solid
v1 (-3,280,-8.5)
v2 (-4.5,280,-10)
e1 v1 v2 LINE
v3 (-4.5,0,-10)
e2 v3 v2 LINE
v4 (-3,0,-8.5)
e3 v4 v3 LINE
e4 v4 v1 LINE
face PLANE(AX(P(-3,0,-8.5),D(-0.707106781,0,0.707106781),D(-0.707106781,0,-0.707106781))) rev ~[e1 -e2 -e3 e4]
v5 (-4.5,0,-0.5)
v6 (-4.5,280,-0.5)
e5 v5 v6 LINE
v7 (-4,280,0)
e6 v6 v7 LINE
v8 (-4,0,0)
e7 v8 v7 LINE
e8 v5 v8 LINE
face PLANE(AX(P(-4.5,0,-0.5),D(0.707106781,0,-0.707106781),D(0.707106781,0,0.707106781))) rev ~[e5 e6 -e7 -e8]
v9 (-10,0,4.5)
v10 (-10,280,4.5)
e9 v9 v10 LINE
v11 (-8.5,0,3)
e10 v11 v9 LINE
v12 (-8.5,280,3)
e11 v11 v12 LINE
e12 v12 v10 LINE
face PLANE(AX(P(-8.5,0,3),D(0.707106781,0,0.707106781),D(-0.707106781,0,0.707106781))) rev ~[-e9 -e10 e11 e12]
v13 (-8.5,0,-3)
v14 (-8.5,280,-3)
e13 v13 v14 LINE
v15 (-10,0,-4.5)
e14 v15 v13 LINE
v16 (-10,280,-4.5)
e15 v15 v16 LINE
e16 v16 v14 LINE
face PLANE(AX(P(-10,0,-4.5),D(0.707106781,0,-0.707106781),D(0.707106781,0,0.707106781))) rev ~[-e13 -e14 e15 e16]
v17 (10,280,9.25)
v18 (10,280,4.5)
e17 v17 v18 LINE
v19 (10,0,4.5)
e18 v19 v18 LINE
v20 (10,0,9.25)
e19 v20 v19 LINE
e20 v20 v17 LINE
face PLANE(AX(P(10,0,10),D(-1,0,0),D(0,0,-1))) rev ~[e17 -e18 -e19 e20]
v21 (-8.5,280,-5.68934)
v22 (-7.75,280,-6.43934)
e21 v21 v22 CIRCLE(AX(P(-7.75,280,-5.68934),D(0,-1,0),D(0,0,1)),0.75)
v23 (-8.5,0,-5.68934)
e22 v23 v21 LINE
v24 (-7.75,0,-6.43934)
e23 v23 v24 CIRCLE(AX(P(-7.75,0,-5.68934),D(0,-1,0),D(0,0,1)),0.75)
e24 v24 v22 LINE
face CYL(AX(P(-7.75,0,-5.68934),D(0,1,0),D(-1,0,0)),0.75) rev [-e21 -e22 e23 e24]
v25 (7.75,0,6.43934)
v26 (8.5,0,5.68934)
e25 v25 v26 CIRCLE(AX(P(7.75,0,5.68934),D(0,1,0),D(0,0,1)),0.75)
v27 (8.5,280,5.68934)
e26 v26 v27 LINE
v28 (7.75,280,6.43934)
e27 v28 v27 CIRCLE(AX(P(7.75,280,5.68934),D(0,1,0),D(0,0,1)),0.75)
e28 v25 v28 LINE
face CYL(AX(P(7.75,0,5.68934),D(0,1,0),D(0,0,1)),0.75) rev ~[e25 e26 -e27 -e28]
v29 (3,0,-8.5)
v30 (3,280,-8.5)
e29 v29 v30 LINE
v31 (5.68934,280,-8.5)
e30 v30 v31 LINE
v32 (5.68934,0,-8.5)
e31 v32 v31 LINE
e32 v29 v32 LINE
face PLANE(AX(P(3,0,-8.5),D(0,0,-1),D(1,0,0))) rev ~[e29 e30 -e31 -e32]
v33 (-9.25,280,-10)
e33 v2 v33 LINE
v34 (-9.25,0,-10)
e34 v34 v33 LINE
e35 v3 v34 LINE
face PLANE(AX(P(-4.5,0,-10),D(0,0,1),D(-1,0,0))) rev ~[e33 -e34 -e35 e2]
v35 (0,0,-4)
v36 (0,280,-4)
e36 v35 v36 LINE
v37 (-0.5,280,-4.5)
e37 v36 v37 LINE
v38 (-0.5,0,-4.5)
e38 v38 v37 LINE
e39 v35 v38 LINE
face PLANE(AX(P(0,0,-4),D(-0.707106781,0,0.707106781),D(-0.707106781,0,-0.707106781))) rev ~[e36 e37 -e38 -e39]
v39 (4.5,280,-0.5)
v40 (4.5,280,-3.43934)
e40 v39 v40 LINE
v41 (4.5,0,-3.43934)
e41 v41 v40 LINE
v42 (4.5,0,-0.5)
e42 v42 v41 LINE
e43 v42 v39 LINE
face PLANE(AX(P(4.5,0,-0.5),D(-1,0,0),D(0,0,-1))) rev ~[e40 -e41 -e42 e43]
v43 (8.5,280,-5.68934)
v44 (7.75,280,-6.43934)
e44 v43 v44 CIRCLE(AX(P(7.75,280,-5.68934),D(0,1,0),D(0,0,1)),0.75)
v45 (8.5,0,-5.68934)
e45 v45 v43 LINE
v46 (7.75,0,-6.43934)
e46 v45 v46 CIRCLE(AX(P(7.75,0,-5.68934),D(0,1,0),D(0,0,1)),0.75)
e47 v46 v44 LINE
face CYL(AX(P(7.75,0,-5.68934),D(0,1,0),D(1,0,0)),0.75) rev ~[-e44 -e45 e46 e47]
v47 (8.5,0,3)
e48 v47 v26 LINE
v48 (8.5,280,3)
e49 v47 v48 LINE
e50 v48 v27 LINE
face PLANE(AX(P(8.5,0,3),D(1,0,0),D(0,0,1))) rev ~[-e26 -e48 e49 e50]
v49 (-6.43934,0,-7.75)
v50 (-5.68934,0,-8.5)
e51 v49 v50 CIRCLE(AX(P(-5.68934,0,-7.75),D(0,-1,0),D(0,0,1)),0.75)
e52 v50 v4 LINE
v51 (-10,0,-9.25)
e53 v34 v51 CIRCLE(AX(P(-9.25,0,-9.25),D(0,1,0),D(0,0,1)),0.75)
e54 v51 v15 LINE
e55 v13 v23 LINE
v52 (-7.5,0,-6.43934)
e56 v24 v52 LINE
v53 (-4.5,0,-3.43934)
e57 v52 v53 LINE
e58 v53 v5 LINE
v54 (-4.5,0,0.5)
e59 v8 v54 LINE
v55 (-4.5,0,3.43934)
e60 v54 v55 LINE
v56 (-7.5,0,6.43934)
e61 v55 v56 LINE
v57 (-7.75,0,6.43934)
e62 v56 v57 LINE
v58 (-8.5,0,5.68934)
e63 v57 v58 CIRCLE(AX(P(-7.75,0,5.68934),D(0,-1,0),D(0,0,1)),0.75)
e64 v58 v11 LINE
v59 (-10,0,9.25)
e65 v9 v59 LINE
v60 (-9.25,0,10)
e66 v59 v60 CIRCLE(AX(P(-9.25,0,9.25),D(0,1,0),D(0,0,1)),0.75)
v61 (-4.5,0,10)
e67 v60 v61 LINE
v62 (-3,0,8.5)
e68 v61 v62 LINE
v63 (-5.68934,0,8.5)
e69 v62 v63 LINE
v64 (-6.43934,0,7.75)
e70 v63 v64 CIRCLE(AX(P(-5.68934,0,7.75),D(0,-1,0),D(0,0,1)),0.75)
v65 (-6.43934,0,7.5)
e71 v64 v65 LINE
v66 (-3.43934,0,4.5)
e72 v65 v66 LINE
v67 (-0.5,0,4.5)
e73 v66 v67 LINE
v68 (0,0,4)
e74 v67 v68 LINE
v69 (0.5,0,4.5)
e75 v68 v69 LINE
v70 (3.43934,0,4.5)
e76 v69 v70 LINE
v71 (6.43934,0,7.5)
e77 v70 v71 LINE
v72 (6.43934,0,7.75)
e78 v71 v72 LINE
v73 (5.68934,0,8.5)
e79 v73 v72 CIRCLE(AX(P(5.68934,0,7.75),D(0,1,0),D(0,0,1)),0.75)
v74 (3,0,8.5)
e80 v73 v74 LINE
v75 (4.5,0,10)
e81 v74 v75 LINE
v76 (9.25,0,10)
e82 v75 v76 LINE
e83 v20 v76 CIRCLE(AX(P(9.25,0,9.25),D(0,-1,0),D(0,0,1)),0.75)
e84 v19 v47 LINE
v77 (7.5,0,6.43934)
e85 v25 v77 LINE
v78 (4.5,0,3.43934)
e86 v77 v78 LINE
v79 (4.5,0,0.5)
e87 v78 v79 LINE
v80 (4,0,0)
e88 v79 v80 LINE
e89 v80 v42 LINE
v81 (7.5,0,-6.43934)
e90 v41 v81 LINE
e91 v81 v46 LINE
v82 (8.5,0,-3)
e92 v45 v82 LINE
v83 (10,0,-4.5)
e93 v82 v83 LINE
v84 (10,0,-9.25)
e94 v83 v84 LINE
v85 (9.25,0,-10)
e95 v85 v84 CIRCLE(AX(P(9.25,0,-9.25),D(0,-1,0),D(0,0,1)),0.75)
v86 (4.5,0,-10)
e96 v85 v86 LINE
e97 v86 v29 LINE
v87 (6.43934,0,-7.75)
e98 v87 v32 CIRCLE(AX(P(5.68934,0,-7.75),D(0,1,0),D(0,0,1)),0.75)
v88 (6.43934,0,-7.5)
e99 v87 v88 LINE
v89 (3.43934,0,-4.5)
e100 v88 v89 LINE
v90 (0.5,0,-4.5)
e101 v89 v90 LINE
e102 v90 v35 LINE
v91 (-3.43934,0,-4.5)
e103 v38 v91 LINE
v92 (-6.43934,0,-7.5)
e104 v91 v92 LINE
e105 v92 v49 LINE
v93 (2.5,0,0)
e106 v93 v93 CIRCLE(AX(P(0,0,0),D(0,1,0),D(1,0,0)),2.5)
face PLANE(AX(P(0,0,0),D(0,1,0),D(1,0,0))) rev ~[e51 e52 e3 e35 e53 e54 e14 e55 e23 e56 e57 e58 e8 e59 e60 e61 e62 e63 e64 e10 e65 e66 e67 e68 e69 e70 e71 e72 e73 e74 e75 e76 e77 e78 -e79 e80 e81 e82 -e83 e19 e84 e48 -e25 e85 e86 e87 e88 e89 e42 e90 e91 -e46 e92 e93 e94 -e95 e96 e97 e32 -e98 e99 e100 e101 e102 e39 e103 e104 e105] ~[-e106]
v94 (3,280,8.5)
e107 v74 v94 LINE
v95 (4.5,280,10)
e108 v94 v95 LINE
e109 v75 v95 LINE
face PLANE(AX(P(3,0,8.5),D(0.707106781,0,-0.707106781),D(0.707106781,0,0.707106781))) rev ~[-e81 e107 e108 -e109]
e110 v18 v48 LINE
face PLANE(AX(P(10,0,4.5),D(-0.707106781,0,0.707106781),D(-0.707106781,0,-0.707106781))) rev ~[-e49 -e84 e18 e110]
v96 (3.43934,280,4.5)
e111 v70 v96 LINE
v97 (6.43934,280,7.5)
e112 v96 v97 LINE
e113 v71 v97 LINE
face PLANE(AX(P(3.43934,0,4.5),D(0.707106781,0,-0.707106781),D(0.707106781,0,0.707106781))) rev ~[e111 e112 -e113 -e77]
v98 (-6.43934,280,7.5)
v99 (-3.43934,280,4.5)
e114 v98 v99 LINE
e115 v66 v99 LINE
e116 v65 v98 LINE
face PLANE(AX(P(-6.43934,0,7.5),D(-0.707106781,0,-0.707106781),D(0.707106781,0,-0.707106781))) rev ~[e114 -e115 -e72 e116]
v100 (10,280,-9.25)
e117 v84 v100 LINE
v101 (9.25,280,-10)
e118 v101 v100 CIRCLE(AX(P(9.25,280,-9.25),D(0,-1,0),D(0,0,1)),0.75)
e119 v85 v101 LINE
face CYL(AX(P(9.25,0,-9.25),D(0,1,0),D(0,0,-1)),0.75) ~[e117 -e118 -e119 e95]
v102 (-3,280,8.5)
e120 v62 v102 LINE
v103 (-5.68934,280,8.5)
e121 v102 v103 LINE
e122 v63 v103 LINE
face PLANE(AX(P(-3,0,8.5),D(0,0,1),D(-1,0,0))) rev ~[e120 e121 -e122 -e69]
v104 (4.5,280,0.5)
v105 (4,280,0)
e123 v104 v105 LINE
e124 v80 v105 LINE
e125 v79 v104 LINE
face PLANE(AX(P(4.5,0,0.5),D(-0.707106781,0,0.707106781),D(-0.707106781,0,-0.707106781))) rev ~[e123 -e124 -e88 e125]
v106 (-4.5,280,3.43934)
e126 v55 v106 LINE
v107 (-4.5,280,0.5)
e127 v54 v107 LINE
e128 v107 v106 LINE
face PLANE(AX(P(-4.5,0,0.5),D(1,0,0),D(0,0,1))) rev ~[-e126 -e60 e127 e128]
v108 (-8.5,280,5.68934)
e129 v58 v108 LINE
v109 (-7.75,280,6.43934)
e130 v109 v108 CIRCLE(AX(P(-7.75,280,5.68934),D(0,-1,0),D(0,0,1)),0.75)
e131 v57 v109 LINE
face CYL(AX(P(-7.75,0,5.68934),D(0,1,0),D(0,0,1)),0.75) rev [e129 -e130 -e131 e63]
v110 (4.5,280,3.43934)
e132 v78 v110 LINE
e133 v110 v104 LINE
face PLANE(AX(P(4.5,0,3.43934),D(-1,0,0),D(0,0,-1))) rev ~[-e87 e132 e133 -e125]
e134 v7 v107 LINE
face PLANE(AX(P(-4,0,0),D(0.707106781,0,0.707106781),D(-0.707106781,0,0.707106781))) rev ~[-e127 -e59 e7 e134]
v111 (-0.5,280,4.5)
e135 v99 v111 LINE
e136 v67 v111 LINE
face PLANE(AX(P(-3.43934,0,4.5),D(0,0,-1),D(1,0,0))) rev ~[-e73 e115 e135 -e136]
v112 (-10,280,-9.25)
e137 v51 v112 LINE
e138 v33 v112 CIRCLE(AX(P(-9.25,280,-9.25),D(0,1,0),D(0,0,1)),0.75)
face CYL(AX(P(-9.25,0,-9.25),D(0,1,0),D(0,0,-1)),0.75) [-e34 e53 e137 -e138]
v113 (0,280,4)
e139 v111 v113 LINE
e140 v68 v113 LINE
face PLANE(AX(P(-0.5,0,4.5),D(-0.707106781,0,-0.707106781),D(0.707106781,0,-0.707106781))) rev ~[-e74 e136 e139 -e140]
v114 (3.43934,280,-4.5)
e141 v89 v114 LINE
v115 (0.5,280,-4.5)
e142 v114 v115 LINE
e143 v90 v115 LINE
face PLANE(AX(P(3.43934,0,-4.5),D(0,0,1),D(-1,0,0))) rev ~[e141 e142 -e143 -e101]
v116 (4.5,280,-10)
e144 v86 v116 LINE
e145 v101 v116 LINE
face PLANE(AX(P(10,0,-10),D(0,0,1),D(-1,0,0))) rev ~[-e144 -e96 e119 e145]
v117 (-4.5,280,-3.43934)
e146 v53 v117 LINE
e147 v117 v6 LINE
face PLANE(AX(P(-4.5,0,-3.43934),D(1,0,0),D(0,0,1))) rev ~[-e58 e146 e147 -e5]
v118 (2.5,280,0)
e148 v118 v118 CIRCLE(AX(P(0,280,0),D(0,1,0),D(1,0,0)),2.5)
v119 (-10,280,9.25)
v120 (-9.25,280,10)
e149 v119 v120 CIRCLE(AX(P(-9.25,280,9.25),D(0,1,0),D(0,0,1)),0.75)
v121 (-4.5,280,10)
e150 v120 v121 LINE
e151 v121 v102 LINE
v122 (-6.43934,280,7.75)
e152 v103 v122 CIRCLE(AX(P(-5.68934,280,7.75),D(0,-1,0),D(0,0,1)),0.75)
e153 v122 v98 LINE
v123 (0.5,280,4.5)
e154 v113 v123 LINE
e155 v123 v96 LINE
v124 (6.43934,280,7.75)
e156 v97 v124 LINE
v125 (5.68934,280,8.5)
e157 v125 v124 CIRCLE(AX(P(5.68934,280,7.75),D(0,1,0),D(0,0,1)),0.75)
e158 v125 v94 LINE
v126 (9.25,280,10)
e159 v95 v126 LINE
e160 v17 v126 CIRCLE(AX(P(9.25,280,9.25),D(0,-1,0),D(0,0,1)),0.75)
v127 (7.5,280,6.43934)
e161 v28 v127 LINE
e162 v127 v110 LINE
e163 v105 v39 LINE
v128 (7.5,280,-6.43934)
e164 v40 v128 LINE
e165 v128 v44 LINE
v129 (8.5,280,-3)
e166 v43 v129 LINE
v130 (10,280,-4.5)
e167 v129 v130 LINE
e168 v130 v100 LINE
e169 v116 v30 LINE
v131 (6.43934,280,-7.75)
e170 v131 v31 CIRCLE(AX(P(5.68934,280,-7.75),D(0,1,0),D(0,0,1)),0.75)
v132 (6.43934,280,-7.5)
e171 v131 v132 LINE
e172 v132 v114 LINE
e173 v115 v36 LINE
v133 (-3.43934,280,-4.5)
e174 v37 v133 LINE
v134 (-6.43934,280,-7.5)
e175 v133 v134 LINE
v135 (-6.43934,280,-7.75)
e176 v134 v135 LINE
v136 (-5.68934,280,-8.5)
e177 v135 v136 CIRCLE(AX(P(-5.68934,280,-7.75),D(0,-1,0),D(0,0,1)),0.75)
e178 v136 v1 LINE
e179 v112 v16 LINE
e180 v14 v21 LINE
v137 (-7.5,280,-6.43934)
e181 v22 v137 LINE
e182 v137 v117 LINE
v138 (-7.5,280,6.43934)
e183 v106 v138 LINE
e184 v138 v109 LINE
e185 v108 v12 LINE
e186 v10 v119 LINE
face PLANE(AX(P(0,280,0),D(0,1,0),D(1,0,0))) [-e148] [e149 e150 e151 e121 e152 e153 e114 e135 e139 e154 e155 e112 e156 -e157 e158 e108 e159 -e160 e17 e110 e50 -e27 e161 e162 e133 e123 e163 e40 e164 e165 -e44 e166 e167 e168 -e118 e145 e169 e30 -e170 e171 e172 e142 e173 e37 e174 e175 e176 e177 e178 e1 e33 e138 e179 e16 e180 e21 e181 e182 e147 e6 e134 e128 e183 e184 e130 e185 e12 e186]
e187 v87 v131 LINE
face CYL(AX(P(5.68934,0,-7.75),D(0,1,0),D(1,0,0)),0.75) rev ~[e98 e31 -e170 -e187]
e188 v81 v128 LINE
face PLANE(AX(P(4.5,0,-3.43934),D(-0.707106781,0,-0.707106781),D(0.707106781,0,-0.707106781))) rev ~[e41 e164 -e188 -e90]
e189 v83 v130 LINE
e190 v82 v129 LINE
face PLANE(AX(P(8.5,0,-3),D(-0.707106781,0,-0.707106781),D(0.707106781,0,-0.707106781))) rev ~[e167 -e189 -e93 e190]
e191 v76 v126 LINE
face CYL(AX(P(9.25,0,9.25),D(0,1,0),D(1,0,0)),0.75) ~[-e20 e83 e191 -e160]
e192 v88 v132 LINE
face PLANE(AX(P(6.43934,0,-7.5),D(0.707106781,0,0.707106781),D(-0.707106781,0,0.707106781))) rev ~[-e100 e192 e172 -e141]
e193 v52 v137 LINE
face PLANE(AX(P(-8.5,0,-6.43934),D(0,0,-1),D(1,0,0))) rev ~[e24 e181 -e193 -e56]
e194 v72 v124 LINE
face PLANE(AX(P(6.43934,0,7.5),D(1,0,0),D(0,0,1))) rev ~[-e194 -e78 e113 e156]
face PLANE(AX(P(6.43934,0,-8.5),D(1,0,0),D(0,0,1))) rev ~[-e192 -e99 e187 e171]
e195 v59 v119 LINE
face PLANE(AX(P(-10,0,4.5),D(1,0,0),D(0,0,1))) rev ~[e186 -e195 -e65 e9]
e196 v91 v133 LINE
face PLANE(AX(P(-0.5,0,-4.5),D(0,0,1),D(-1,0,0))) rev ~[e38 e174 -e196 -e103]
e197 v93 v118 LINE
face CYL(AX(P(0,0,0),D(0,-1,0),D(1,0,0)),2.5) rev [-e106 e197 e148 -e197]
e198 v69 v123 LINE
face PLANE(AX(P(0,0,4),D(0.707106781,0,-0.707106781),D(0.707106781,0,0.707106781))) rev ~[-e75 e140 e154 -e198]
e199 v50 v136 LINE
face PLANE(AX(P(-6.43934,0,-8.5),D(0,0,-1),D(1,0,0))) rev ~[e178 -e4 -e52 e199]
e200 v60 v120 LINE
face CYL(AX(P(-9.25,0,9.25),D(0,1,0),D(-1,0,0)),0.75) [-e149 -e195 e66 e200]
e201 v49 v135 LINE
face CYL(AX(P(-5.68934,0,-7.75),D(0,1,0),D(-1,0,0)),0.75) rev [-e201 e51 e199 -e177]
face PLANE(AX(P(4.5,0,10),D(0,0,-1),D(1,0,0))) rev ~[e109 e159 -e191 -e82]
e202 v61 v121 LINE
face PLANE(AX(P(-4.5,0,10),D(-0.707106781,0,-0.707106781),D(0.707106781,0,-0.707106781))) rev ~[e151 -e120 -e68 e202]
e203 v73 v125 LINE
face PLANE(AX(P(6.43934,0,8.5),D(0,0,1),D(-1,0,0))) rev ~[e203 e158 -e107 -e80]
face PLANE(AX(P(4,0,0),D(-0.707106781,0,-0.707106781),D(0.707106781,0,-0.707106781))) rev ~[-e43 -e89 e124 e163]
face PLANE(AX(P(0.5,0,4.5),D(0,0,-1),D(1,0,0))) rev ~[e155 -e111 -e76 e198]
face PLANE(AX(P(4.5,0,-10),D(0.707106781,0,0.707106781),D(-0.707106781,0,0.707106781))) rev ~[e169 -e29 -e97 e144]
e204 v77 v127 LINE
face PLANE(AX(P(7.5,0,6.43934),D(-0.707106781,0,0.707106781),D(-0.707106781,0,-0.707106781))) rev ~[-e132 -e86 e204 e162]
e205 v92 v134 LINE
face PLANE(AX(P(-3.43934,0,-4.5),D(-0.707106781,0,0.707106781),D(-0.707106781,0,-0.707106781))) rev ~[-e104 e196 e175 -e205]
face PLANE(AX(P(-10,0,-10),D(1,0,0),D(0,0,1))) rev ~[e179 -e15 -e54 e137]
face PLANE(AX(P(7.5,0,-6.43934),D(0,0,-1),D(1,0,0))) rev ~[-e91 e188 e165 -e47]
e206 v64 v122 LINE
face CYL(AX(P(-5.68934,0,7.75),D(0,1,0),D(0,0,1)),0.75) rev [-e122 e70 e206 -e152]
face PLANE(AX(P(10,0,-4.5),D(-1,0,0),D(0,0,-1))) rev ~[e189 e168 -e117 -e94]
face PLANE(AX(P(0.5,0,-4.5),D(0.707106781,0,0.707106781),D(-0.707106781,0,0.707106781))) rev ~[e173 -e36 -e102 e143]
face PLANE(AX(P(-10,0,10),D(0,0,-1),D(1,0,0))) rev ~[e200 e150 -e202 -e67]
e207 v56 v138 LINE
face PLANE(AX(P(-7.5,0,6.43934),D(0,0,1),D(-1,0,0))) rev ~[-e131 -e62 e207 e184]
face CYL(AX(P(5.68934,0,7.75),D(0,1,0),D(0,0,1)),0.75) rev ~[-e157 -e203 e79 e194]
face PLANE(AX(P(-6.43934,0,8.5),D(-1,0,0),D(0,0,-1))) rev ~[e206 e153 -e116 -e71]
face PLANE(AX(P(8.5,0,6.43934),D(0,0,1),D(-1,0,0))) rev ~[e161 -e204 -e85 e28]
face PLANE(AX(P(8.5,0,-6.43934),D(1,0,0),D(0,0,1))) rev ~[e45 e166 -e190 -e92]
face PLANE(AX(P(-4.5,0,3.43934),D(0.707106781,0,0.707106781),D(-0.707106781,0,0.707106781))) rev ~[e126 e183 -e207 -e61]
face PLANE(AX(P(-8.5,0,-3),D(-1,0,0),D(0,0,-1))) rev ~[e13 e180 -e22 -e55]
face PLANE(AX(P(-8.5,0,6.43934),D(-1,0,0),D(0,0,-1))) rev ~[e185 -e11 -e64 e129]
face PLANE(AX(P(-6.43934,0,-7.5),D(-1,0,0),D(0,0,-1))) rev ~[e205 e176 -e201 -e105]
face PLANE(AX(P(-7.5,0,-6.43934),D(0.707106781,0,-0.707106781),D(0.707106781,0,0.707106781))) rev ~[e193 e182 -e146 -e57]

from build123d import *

# Parameters (mm, degrees)
ESQUISSE1_R      = 2.5
EXTRUSION1_DEPTH = 280
CONG_1_R         = 0.75


with BuildPart() as part:
    # Esquisse1 → Extrusion1 (new body)
    with BuildSketch(Plane(origin=(0, 0, 0), x_dir=(1, 0, 0), z_dir=(0, 1, 0))):
        Polygon((0, 4), (-0.5, 4.5), (-3.439339828, 4.5), (-6.439339828, 7.5), (-6.439339828, 8.5), (-3, 8.5), (-4.5, 10), (-10, 10), (-10, 4.5), (-8.5, 3), (-8.5, 6.439339828), (-7.5, 6.439339828), (-4.5, 3.439339828), (-4.5, 0.5), (-4, 0), (-4.5, -0.5), (-4.5, -3.439339828), (-7.5, -6.439339828), (-8.5, -6.439339828), (-8.5, -3), (-10, -4.5), (-10, -10), (-4.5, -10), (-3, -8.5), (-6.439339828, -8.5), (-6.439339828, -7.5), (-3.439339828, -4.5), (-0.5, -4.5), (0, -4), (0.5, -4.5), (3.439339828, -4.5), (6.439339828, -7.5), (6.439339828, -8.5), (3, -8.5), (4.5, -10), (10, -10), (10, -4.5), (8.5, -3), (8.5, -6.439339828), (7.5, -6.439339828), (4.5, -3.439339828), (4.5, -0.5), (4, 0), (4.5, 0.5), (4.5, 3.439339828), (7.5, 6.439339828), (8.5, 6.439339828), (8.5, 3), (10, 4.5), (10, 10), (4.5, 10), (3, 8.5), (6.439339828, 8.5), (6.439339828, 7.5), (3.439339828, 4.5), (0.5, 4.5), align=None)
        Circle(ESQUISSE1_R, mode=Mode.SUBTRACT)
    extrude(amount=EXTRUSION1_DEPTH)

    # Congé1
    cong_1_edges = [part.edges().sort_by_distance(p)[0] for p in [
        (6.439339828, 140, -8.5),
        (10, 140, -10),
        (8.5, 140, -6.439339828),
        (8.5, 140, 6.439339828),
        (10, 140, 10),
        (6.439339828, 140, 8.5),
        (-6.439339828, 140, 8.5),
        (-10, 140, 10),
        (-8.5, 140, 6.439339828),
        (-8.5, 140, -6.439339828),
        (-10, 140, -10),
        (-6.439339828, 140, -8.5),
    ]]
    fillet(cong_1_edges, radius=CONG_1_R)


solid = part.part
